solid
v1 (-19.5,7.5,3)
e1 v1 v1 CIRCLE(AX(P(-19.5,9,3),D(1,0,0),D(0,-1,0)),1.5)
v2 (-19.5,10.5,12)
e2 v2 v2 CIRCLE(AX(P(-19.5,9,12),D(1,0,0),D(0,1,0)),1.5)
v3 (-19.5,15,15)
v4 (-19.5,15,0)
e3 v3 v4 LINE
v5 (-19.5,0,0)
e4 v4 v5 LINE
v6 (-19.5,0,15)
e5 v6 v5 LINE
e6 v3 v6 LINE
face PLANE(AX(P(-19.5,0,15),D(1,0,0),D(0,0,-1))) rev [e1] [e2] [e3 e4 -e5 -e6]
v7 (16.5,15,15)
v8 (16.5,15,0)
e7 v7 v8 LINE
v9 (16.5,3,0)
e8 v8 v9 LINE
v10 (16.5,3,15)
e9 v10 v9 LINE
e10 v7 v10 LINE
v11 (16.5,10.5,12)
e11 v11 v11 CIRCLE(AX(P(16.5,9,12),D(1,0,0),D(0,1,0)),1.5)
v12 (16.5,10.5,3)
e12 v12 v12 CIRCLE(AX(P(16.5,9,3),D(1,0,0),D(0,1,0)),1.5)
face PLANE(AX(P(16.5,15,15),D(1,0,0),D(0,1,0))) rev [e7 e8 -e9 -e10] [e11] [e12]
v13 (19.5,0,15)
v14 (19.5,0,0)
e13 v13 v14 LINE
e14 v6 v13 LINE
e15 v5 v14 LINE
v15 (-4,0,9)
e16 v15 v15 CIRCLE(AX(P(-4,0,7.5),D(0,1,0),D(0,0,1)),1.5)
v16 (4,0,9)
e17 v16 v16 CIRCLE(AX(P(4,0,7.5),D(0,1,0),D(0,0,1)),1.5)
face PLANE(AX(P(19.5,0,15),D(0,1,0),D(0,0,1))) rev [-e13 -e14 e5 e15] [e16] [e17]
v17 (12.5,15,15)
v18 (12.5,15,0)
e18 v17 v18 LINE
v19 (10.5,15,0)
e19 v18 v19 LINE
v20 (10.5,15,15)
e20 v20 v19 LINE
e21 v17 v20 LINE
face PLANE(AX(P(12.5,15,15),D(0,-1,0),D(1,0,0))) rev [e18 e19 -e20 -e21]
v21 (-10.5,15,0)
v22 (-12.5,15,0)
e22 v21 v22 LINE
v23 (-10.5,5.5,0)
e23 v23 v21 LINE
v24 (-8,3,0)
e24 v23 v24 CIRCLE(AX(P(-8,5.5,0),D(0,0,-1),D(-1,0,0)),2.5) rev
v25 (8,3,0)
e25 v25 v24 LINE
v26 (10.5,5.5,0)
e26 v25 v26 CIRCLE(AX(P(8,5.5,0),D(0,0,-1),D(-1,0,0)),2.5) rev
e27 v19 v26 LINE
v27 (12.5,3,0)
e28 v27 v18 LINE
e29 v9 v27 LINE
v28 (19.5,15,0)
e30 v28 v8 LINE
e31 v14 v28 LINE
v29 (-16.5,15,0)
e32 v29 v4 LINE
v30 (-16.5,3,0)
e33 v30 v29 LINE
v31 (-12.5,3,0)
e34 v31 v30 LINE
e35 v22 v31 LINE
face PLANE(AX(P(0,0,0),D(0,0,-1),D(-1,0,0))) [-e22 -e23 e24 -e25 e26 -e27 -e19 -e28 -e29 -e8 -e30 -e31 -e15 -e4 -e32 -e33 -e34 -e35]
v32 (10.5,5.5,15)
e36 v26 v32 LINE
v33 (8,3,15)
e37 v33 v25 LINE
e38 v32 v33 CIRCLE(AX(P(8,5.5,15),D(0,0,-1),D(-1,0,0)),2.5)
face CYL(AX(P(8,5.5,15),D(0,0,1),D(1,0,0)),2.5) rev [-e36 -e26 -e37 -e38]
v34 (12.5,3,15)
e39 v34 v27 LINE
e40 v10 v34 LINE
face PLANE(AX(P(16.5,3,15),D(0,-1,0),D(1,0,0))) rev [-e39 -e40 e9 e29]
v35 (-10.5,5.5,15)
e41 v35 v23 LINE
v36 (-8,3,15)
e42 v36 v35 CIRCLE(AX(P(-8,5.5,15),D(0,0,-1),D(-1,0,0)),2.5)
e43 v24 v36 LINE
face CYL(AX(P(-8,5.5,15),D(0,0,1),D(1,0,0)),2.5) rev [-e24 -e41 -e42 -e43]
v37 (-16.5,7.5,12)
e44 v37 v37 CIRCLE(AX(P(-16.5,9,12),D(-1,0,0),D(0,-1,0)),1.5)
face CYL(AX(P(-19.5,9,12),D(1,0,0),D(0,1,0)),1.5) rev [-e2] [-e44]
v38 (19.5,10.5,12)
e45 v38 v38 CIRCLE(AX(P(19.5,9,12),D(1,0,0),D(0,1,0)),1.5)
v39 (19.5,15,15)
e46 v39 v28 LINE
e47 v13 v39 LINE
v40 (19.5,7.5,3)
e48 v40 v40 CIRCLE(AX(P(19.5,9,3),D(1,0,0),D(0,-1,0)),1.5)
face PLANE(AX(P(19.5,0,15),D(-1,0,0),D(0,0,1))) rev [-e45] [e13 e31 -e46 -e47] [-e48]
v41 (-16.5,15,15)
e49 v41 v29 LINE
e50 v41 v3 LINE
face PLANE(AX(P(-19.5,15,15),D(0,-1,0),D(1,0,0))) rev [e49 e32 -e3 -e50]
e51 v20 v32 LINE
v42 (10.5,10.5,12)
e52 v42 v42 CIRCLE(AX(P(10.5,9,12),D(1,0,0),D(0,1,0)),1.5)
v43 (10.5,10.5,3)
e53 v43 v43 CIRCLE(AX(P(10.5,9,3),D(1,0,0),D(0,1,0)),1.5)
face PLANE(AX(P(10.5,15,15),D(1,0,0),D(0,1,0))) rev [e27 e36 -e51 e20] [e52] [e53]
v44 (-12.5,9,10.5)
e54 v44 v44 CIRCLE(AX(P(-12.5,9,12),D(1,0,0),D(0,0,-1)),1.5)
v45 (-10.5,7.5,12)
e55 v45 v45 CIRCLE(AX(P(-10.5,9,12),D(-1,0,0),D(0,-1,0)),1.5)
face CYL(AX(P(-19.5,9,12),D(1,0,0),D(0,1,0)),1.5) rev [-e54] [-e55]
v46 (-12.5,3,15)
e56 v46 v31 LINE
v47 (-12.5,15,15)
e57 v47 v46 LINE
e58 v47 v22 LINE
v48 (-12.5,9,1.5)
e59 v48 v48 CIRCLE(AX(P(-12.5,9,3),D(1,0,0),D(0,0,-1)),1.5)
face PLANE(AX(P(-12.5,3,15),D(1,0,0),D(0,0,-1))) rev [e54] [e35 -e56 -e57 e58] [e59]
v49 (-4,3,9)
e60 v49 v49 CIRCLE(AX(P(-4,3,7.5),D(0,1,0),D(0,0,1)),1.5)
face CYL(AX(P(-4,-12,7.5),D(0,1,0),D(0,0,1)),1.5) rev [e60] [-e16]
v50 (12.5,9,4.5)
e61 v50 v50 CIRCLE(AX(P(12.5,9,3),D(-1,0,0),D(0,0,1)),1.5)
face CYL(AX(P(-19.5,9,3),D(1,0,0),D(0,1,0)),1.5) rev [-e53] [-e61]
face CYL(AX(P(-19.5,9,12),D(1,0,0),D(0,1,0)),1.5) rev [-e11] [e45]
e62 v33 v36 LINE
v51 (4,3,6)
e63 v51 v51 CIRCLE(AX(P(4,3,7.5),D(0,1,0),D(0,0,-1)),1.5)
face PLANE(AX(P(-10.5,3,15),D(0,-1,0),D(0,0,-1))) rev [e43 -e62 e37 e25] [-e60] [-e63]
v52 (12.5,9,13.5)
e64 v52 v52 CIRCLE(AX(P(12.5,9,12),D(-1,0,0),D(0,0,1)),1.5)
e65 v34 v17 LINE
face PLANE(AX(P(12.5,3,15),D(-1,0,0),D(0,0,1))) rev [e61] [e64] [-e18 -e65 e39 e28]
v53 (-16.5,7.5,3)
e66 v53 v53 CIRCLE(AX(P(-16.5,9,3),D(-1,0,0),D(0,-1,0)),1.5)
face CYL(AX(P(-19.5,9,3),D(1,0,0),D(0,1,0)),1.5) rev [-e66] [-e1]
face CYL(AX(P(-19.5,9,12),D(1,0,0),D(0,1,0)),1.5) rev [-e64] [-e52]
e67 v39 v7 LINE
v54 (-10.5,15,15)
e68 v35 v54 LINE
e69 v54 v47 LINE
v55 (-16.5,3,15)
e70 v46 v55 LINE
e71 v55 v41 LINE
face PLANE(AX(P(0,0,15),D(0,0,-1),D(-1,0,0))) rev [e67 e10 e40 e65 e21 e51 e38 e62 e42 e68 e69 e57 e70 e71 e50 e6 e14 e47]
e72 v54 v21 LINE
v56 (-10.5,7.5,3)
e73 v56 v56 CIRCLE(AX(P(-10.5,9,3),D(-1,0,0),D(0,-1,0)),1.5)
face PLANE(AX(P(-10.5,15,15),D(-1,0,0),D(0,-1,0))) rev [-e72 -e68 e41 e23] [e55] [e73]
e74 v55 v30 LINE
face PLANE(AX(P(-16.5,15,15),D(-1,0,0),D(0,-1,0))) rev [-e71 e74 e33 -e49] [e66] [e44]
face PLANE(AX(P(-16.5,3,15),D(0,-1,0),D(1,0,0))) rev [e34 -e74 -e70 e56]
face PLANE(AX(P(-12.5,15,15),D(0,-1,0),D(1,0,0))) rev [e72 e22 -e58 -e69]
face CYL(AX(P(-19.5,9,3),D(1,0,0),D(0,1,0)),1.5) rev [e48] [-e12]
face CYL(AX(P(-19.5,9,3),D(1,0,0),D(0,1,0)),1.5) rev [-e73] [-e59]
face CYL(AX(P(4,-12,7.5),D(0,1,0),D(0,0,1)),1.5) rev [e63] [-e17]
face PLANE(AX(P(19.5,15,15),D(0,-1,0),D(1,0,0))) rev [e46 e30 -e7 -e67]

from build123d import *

# Parameters (mm, degrees)
EXTRUDE_1_DEPTH     = 15
SKETCH_2_R          = 1.5
CUT_EXTRUDE_1_DEPTH = 15
SKETCH_3_R          = 1.5
CUT_EXTRUDE_2_DEPTH = 45.395945761
FILLET_1_R          = 2.5


with BuildPart() as part:
    # 草图1 → 凸台-拉伸1 (new body)
    with BuildSketch(Plane.XY):
        Polygon((19.5, 0), (-19.5, 0), (-19.5, 15), (-16.5, 15), (-16.5, 3), (-12.5, 3), (-12.5, 15), (-10.5, 15), (-10.5, 3), (10.5, 3), (10.5, 15), (12.5, 15), (12.5, 3), (16.5, 3), (16.5, 15), (19.5, 15), align=None)
    extrude(amount=EXTRUDE_1_DEPTH)

    # 草图2 → 切除-拉伸1 (cut)
    with BuildSketch(Plane(origin=(0, 3, 0), x_dir=(1, 0, 0), z_dir=(0, 1, 0))):
        with Locations(Location((-4, -7.5, 0), (0, 0, 270))):
            Circle(SKETCH_2_R)
        with Locations(Location((4, -7.5, 0), (0, 0, 270))):
            Circle(SKETCH_2_R)
    extrude(amount=-CUT_EXTRUDE_1_DEPTH, mode=Mode.SUBTRACT)

    # 草图3 → 切除-拉伸2 (cut, through all)
    with BuildSketch(Plane(origin=(19.5, 0, 0), x_dir=(0, 0, -1), z_dir=(1, 0, 0))):
        with Locations(Location((-12, 9, 0), (0, 0, 90))):
            Circle(SKETCH_3_R)
        with Locations(Location((-3, 9, 0), (0, 0, 270))):
            Circle(SKETCH_3_R)
    extrude(amount=-CUT_EXTRUDE_2_DEPTH, mode=Mode.SUBTRACT)

    # 圆角1
    fillet_1_edges = [part.edges().sort_by_distance(p)[0] for p in [
        (-10.5, 3, 7.5),
        (10.5, 3, 7.5),
    ]]
    fillet(fillet_1_edges, radius=FILLET_1_R)


solid = part.part
